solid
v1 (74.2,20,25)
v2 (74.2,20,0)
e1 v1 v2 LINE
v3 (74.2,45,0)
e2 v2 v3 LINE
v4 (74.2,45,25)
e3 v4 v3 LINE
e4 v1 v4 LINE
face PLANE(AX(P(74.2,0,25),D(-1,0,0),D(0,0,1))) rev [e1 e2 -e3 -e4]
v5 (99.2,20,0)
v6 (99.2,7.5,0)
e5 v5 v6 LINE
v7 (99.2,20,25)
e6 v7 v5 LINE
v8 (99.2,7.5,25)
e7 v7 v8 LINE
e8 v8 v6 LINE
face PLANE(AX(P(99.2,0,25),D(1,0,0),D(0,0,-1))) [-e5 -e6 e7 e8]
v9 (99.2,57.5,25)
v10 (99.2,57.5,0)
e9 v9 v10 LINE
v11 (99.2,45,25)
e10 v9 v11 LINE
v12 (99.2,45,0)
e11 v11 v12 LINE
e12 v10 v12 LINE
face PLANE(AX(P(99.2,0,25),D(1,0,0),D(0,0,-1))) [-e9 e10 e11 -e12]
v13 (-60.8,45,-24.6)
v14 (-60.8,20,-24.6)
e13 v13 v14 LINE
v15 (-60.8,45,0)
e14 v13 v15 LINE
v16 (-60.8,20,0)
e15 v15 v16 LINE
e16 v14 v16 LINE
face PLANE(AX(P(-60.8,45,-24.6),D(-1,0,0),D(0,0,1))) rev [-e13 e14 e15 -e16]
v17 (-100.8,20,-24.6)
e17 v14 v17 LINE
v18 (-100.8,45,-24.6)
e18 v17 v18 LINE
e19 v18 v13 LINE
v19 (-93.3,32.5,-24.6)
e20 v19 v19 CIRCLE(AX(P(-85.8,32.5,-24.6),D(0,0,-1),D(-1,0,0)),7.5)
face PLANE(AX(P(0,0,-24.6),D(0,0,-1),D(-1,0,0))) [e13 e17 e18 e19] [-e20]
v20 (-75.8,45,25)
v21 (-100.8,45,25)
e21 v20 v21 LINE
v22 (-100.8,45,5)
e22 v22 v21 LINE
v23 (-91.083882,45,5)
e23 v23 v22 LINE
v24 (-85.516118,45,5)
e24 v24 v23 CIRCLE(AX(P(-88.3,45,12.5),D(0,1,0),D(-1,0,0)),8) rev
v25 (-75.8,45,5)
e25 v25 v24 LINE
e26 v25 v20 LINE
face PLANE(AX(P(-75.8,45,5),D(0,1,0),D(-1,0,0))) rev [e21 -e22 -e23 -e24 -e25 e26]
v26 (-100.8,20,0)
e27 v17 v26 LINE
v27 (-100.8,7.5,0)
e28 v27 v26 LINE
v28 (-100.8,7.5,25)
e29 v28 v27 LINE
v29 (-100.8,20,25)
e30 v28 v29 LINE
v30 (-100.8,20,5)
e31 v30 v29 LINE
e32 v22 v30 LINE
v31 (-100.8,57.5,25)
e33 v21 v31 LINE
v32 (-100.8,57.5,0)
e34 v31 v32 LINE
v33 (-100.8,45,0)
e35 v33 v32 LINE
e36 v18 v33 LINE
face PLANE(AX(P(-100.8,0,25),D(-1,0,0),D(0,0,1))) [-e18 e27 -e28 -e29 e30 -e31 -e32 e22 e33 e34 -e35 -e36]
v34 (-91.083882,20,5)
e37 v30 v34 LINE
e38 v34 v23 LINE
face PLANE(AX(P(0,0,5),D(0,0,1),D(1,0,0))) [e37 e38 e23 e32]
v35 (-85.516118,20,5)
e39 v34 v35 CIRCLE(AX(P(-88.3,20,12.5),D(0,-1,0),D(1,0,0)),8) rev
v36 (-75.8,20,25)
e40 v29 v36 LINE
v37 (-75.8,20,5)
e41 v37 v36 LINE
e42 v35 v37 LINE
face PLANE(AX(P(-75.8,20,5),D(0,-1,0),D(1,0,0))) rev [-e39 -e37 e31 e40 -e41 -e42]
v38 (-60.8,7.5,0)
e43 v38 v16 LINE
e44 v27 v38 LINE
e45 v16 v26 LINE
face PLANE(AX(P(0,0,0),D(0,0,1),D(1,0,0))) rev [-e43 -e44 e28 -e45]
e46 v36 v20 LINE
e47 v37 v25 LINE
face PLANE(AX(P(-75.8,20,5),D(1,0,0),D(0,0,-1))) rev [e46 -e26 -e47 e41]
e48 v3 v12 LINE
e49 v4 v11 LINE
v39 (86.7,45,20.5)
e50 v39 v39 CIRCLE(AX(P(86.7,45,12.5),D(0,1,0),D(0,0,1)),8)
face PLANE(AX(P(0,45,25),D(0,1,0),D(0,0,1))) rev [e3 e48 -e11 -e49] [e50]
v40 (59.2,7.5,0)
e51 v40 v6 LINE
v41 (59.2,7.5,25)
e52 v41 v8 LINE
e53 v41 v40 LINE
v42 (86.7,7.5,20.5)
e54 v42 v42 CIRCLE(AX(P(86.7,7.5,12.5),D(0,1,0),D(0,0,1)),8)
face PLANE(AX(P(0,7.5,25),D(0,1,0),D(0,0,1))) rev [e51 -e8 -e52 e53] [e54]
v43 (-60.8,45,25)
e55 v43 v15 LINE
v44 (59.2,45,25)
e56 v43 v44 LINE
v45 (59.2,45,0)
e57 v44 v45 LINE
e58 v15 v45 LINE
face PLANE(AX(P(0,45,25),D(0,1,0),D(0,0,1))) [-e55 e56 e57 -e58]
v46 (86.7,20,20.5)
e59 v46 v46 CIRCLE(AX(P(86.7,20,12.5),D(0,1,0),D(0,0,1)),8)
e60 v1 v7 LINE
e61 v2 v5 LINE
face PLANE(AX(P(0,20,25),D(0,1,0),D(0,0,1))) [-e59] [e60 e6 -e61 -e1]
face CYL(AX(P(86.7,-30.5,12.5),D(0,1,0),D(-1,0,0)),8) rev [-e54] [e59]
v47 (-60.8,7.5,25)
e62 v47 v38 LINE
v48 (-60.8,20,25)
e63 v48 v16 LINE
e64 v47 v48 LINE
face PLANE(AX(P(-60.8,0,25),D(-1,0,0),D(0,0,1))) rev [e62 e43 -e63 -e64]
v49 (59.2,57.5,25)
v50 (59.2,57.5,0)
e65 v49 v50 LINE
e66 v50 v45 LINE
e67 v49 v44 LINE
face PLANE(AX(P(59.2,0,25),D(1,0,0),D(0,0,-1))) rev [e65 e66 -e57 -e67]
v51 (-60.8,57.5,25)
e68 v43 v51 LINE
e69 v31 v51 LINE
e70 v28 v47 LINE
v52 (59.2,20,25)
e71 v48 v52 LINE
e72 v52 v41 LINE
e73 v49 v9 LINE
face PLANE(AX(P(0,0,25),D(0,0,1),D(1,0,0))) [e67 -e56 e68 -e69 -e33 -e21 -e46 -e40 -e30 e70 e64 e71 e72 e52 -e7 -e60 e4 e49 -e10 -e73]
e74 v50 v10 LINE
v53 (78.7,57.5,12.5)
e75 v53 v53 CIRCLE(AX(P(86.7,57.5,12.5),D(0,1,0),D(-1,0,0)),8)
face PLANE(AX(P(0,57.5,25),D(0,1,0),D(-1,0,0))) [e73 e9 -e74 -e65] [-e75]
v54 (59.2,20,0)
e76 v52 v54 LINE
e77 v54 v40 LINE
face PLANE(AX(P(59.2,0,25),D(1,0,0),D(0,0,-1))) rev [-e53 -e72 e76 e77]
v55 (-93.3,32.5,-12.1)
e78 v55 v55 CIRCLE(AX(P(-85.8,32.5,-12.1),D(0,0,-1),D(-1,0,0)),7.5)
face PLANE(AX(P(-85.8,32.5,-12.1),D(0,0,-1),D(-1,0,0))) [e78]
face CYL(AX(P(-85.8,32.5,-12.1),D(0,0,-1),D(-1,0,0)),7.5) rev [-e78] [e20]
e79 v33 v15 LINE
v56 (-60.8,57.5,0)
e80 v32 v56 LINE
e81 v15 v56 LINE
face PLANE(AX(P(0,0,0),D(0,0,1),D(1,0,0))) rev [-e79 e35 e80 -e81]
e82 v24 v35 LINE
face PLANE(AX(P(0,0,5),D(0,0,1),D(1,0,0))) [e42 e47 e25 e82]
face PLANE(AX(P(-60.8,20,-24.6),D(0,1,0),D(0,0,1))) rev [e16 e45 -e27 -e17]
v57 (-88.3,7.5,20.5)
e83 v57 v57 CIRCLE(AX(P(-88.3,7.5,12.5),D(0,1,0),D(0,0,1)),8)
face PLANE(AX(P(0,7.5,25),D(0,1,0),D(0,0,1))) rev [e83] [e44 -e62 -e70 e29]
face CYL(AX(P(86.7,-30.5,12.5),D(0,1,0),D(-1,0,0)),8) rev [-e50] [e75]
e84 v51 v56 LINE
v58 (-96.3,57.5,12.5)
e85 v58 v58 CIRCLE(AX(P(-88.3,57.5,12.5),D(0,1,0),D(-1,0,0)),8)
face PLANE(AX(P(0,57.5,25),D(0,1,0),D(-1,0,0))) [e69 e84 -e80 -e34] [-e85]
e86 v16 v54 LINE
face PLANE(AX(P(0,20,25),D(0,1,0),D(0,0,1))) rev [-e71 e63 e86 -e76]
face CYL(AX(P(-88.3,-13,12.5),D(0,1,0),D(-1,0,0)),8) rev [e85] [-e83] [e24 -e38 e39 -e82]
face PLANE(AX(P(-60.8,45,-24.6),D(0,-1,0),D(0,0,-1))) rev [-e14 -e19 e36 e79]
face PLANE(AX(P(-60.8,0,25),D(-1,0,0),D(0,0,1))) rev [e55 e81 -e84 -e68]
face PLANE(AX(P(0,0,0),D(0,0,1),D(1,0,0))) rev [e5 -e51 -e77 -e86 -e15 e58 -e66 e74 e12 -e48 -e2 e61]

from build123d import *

# Parameters (mm, degrees)
BOSS_EXTRUDE1_DEPTH = 25
SKETCH2_R           = 8
CUT_EXTRUDE1_DEPTH  = 70.5
SKETCH3_R           = 8
CUT_EXTRUDE2_DEPTH  = 88
SKETCH4_W           = 40
SKETCH4_H           = 25
BOSS_EXTRUDE2_DEPTH = 24.6
SKETCH5_R           = 7.5
CUT_EXTRUDE4_DEPTH  = 12.5
SKETCH7_W           = 25
SKETCH7_H           = 25
CUT_EXTRUDE6_DEPTH  = 20


with BuildPart() as part:
    # Sketch1 → Boss-Extrude1 (new body)
    with BuildSketch(Plane.XY):
        Polygon((59.2, 45), (-60.8, 45), (-60.8, 57.5), (-100.8, 57.5), (-100.8, 45), (-100.8, 20), (-100.8, 7.5), (-60.8, 7.5), (-60.8, 20), (59.2, 20), (59.2, 7.5), (99.2, 7.5), (99.2, 20), (74.2, 20), (74.2, 45), (99.2, 45), (99.2, 57.5), (59.2, 57.5), align=None)
    extrude(amount=BOSS_EXTRUDE1_DEPTH)

    # Sketch2 → Cut-Extrude1 (cut)
    with BuildSketch(Plane(origin=(0, 57.5, 0), x_dir=(1, 0, 0), z_dir=(0, 1, 0))):
        with Locations(Location((-88.3, -12.5, 0), (0, 0, 180))):
            Circle(SKETCH2_R)
    extrude(amount=-CUT_EXTRUDE1_DEPTH, mode=Mode.SUBTRACT)

    # Sketch3 → Cut-Extrude2 (cut)
    with BuildSketch(Plane(origin=(0, 57.5, 0), x_dir=(1, 0, 0), z_dir=(0, 1, 0))):
        with Locations(Location((86.7, -12.5, 0), (0, 0, 270))):
            Circle(SKETCH3_R)
    extrude(amount=-CUT_EXTRUDE2_DEPTH, mode=Mode.SUBTRACT)

    # Sketch4 → Boss-Extrude2 (add)
    with BuildSketch(Plane(origin=(0, 0, 0), x_dir=(-1, 0, 0), z_dir=(0, 0, -1))):
        with Locations((80.8, 32.5)):
            Rectangle(SKETCH4_W, SKETCH4_H)
    extrude(amount=BOSS_EXTRUDE2_DEPTH)

    # Sketch5 → Cut-Extrude4 (cut)
    with BuildSketch(Plane(origin=(0, 0, -24.6), x_dir=(-1, 0, 0), z_dir=(0, 0, -1))):
        with Locations((85.8, 32.5)):
            Circle(SKETCH5_R)
    extrude(amount=-CUT_EXTRUDE4_DEPTH, mode=Mode.SUBTRACT)

    # Sketch7 → Cut-Extrude6 (cut)
    with BuildSketch(Plane.XY.offset(25)):
        with Locations((-88.3, 32.5)):
            Rectangle(SKETCH7_W, SKETCH7_H)
    extrude(amount=-CUT_EXTRUDE6_DEPTH, mode=Mode.SUBTRACT)


solid = part.part
